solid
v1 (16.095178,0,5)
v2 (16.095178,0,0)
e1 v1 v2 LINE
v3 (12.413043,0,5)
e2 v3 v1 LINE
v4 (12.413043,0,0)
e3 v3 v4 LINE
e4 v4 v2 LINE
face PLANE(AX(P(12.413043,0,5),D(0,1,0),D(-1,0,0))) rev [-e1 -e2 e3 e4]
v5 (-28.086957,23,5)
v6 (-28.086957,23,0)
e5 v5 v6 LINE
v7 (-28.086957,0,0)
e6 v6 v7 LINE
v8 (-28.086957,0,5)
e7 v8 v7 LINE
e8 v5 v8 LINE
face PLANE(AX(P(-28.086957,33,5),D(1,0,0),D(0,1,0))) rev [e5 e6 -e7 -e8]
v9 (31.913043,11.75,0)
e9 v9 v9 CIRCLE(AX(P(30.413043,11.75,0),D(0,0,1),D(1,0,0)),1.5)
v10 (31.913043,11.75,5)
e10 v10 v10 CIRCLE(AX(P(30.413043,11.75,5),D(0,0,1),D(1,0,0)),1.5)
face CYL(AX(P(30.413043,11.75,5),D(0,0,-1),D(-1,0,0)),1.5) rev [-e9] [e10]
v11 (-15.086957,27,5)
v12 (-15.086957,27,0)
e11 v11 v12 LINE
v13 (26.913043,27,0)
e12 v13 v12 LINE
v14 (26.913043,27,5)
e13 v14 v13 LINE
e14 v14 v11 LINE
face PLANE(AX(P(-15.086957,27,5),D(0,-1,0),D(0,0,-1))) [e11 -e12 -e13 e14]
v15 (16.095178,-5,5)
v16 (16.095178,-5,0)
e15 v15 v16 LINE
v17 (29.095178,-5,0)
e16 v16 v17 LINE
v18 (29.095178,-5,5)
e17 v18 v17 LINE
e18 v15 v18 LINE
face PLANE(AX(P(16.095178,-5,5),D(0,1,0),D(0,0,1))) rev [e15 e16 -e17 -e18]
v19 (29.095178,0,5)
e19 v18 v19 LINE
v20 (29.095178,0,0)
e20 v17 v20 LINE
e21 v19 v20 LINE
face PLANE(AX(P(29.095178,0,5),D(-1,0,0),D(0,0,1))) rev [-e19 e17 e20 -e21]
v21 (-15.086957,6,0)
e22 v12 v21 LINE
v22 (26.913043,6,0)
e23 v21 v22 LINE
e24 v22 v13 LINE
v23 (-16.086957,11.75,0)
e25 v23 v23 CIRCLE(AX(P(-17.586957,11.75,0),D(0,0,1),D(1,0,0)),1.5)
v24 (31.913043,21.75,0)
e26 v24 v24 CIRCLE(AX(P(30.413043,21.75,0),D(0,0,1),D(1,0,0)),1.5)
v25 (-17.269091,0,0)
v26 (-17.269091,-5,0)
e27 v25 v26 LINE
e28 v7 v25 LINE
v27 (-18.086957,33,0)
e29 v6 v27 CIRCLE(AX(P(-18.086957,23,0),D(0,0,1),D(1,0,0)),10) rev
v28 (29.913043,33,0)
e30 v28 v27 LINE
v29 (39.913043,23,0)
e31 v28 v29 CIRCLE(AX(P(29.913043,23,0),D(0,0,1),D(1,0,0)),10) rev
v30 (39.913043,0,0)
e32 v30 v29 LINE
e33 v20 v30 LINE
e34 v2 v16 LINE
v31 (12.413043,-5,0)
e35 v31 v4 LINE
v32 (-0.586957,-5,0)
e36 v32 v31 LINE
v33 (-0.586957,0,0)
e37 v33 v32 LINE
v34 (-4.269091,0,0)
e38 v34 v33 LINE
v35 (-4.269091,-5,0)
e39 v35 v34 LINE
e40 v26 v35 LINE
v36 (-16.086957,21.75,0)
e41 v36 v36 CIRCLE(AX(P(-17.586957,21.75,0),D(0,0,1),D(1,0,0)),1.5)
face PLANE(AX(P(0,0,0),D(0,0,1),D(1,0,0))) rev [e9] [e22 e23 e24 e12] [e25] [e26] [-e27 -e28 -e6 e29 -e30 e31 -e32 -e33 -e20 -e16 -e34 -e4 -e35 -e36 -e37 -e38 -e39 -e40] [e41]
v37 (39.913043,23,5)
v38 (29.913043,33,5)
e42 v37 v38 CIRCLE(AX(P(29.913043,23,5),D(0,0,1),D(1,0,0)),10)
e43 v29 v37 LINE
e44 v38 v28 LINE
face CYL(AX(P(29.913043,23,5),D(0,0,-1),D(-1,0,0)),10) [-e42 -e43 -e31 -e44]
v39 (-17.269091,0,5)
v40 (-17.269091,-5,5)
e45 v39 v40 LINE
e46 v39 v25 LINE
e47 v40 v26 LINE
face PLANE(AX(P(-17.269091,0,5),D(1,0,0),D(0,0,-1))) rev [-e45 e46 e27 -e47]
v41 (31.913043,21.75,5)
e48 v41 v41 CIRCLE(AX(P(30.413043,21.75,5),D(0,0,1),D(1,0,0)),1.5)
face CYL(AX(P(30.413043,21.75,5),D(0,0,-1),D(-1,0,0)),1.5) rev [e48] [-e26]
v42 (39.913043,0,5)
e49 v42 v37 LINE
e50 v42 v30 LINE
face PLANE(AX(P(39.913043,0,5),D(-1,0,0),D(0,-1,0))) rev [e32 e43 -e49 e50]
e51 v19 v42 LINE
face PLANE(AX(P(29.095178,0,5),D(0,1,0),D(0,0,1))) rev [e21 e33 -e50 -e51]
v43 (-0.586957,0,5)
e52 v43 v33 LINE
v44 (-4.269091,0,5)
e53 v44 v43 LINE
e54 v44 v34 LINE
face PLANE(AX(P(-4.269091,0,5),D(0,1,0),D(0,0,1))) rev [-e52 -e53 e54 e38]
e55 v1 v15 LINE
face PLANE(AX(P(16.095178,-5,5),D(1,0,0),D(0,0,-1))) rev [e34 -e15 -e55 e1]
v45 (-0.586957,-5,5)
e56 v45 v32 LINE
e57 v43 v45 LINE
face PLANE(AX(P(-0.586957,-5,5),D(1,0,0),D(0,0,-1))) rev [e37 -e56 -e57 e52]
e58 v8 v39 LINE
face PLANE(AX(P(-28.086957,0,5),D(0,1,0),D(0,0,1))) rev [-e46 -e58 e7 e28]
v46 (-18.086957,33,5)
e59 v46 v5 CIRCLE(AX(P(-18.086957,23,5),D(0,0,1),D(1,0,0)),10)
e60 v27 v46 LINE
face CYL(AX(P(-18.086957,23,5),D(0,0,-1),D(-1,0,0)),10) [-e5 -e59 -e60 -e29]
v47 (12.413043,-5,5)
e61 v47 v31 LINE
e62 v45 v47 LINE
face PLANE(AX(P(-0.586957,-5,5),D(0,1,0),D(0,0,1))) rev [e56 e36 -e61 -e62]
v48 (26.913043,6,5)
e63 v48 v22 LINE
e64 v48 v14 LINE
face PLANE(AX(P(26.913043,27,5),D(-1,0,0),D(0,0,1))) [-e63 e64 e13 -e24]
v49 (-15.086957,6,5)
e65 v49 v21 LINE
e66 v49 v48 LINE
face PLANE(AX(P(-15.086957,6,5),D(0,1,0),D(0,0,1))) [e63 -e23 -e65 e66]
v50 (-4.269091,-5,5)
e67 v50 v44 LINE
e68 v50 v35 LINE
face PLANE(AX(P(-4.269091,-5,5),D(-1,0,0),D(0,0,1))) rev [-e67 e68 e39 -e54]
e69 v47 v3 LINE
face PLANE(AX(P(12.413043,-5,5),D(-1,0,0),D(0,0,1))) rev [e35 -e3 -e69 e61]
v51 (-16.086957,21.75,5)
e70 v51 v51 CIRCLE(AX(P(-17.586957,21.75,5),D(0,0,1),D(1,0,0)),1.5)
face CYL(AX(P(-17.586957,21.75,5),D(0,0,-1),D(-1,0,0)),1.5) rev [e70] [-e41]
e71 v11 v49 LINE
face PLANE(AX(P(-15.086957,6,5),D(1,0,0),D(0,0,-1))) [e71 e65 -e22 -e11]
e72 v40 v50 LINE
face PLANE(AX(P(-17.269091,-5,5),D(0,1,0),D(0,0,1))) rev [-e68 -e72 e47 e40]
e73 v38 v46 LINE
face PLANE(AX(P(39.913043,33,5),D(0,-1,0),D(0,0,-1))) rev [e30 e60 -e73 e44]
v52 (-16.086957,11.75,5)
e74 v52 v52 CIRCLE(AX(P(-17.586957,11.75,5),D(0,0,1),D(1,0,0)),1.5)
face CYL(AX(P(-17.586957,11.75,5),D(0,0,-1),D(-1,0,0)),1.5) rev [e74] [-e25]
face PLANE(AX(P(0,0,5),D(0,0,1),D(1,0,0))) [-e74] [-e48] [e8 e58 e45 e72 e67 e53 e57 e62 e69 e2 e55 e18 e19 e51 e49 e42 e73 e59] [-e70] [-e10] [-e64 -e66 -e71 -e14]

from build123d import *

# Parameters (mm, degrees)
SKETCH1_R           = 1.5
SKETCH1_W           = 42
SKETCH1_H           = 21
BOSS_EXTRUDE1_DEPTH = 5
FILLET2_R           = 10
FILLET3_R           = 10


with BuildPart() as part:
    # Sketch1 → Boss-Extrude1 (new body)
    with BuildSketch(Plane.XY):
        Polygon((-28.086956522, 0), (-17.269090954, 0), (-17.269090954, -5), (-4.269090954, -5), (-4.269090954, 0), (-0.586956522, 0), (-0.586956522, -5), (12.413043478, -5), (12.413043478, 0), (16.095177911, 0), (16.095177911, -5), (29.095177911, -5), (29.095177911, 0), (39.913043478, 0), (39.913043478, 33), (-28.086956522, 33), align=None)
        with Locations((30.413043478, 21.75)):
            Circle(SKETCH1_R, mode=Mode.SUBTRACT)
        with Locations((30.413043478, 11.75)):
            Circle(SKETCH1_R, mode=Mode.SUBTRACT)
        with Locations((-17.586956522, 21.75)):
            Circle(SKETCH1_R, mode=Mode.SUBTRACT)
        with Locations((-17.586956522, 11.75)):
            Circle(SKETCH1_R, mode=Mode.SUBTRACT)
        with Locations((5.913043478, 16.5)):
            Rectangle(SKETCH1_W, SKETCH1_H, mode=Mode.SUBTRACT)
    extrude(amount=BOSS_EXTRUDE1_DEPTH)

    # Fillet2
    fillet2_edges = [part.edges().sort_by_distance(p)[0] for p in [
        (-28.086956522, 33, 2.5),
    ]]
    fillet(fillet2_edges, radius=FILLET2_R)

    # Fillet3
    fillet3_edges = [part.edges().sort_by_distance(p)[0] for p in [
        (39.913043478, 33, 2.5),
    ]]
    fillet(fillet3_edges, radius=FILLET3_R)


solid = part.part
